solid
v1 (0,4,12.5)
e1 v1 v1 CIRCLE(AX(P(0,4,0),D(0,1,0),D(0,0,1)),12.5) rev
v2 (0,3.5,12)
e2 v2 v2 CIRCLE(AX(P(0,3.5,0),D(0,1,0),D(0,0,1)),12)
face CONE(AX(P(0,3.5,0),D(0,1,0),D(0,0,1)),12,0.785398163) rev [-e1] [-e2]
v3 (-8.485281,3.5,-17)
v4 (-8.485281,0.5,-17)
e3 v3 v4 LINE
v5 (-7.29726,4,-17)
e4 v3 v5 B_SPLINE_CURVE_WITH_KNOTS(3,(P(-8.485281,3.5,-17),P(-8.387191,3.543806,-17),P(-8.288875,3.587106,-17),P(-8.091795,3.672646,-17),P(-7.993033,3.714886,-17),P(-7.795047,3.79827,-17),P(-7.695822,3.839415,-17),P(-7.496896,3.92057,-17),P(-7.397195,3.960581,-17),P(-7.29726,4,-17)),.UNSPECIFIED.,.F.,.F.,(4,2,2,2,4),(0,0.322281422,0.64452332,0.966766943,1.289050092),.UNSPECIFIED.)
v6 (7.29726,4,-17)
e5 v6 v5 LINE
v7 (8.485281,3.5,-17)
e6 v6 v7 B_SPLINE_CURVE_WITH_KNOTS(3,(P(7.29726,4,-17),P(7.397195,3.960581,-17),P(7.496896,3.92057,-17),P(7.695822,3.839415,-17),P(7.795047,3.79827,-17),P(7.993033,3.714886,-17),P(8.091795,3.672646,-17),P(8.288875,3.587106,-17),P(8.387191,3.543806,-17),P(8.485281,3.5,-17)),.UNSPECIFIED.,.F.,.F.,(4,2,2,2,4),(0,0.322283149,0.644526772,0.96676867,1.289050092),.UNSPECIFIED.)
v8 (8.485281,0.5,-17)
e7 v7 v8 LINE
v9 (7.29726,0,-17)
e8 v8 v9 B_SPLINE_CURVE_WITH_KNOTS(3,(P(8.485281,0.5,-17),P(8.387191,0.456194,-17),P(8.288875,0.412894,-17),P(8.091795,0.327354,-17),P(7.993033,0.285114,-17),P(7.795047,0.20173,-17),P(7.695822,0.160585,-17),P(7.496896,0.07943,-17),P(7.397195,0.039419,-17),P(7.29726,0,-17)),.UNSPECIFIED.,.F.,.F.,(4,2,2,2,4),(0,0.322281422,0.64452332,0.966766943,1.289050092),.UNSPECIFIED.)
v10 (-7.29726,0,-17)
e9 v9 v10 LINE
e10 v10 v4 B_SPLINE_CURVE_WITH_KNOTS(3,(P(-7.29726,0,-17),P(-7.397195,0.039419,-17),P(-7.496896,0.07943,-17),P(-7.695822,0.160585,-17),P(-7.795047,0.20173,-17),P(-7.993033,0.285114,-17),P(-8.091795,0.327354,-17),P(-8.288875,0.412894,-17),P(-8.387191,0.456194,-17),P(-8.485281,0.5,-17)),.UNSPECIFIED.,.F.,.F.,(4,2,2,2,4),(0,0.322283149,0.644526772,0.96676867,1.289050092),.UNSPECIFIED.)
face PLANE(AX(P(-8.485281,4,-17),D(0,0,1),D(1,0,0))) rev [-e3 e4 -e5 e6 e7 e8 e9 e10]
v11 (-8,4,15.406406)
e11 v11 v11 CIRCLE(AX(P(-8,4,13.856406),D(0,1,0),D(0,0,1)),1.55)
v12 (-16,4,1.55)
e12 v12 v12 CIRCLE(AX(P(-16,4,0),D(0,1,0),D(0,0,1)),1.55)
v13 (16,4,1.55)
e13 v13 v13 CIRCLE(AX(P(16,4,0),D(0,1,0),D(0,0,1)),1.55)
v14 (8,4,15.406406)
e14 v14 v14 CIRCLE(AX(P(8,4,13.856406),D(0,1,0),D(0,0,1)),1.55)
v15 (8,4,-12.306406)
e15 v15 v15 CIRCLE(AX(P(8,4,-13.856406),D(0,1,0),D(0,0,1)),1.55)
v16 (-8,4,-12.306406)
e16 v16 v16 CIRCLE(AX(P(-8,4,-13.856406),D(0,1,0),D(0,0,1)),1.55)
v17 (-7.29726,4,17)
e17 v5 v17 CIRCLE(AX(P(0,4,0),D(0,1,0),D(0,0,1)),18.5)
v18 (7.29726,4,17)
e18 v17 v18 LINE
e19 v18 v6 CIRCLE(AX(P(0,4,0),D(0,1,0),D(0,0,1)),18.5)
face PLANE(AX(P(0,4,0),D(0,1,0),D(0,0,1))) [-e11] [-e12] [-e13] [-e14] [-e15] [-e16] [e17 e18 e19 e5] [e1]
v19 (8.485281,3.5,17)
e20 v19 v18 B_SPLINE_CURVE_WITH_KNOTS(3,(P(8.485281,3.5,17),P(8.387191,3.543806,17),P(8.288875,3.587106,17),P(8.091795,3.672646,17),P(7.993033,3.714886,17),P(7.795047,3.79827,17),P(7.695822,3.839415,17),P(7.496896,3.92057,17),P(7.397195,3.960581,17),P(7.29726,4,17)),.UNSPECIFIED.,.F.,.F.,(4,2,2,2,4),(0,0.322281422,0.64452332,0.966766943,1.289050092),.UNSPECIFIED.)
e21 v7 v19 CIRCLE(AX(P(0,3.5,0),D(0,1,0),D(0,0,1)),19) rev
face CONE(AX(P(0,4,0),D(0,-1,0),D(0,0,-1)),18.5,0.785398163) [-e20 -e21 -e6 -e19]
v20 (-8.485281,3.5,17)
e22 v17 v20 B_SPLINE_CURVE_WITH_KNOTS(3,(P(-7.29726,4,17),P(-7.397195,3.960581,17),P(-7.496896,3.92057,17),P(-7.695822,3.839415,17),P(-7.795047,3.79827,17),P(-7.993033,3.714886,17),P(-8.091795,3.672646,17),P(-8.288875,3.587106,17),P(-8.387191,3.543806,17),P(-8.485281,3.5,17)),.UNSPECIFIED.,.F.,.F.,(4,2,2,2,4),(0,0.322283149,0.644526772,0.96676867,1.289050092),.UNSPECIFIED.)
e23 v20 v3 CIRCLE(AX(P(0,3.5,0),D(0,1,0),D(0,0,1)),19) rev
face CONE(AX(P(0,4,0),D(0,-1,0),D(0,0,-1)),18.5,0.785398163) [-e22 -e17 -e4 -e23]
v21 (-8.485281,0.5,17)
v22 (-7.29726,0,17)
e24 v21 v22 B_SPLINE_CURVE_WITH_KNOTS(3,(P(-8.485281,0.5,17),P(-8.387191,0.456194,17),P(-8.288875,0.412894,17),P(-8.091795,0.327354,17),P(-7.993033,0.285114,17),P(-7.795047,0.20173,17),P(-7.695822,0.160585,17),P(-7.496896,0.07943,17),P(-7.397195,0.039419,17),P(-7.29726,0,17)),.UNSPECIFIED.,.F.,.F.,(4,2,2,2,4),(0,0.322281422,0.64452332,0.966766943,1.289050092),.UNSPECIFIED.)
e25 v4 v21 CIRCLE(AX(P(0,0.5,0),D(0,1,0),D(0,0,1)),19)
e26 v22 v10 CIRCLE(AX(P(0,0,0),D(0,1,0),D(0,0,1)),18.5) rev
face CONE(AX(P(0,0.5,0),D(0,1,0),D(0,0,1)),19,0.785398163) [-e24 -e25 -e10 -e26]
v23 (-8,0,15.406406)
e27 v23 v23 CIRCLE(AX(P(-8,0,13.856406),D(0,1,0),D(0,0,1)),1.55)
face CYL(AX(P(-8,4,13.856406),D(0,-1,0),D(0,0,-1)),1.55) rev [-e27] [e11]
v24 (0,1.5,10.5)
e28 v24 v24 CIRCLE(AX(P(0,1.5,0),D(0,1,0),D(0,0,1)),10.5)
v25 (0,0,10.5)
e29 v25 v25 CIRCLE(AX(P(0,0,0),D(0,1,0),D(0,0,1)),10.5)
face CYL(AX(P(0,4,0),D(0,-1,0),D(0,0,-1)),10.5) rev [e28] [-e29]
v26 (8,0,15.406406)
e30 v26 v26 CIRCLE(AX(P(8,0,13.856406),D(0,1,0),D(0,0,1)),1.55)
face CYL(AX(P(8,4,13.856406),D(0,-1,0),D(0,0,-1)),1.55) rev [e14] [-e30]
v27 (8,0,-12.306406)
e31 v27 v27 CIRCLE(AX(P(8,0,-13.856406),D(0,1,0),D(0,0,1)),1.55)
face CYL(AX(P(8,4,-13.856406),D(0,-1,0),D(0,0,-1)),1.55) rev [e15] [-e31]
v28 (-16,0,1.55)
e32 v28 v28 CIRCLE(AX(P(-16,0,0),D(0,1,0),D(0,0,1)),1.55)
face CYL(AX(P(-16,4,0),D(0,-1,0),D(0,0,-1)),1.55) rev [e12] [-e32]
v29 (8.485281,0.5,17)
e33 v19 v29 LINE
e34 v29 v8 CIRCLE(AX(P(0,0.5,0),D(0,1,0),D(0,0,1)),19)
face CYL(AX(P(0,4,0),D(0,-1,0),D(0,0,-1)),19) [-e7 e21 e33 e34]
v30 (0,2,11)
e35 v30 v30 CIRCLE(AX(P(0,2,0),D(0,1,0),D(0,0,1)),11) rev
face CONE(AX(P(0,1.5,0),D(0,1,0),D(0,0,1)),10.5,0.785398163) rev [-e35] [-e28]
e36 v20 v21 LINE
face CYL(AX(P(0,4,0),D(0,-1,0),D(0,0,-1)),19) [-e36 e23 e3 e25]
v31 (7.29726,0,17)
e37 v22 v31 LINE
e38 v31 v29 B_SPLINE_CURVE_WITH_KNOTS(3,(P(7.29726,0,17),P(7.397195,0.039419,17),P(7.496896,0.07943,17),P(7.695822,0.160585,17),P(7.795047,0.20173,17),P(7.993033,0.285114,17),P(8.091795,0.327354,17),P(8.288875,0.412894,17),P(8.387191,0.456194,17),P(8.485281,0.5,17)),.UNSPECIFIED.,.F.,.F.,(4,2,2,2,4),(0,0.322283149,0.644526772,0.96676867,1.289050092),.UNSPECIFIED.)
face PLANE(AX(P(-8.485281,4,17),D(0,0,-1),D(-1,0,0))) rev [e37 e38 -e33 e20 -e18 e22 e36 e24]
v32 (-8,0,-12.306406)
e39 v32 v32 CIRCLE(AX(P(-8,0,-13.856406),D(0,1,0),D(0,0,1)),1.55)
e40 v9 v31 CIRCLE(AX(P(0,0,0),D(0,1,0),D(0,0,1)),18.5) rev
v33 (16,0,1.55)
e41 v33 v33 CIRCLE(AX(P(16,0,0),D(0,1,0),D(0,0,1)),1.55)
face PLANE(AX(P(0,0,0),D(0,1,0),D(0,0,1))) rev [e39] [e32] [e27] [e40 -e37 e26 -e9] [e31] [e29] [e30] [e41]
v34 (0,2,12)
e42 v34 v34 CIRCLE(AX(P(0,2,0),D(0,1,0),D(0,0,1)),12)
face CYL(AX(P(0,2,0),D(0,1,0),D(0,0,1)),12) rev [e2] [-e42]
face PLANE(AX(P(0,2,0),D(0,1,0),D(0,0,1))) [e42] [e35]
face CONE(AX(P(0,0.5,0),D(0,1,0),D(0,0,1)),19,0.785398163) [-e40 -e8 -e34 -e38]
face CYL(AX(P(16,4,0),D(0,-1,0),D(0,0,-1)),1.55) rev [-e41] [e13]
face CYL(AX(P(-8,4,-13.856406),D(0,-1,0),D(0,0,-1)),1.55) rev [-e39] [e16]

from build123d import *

# Parameters (mm, degrees)
SKETCH1_R           = 10.5
SKETCH1_R_2         = 1.55
BOSS_EXTRUDE1_DEPTH = 4
SKETCH2_R           = 12
CUT_EXTRUDE1_DEPTH  = 2
CHAMFER1_SIZE       = 0.5


with BuildPart() as part:
    # Sketch1 → Boss-Extrude1 (new body)
    with BuildSketch(Plane(origin=(0, 0, 0), x_dir=(1, 0, 0), z_dir=(0, 1, 0))):
        with BuildLine():
            Line((-8.485281374, 17), (8.485281374, 17))
            ThreePointArc((8.485281374, 17), (19, 0), (8.485281374, -17))
            Line((8.485281374, -17), (-8.485281374, -17))
            ThreePointArc((-8.485281374, -17), (-19, 0), (-8.485281374, 17))
        make_face()
        with Locations(Location((0, 0, 0), (0, 0, 270))):
            Circle(SKETCH1_R, mode=Mode.SUBTRACT)
        with Locations(Location((-16, 0, 0), (0, 0, 270))):
            Circle(SKETCH1_R_2, mode=Mode.SUBTRACT)
        with Locations(Location((-8, 13.856406461, 0), (0, 0, 270))):
            Circle(SKETCH1_R_2, mode=Mode.SUBTRACT)
        with Locations(Location((8, 13.856406461, 0), (0, 0, 270))):
            Circle(SKETCH1_R_2, mode=Mode.SUBTRACT)
        with Locations(Location((16, 0, 0), (0, 0, 270))):
            Circle(SKETCH1_R_2, mode=Mode.SUBTRACT)
        with Locations(Location((8, -13.856406461, 0), (0, 0, 270))):
            Circle(SKETCH1_R_2, mode=Mode.SUBTRACT)
        with Locations(Location((-8, -13.856406461, 0), (0, 0, 270))):
            Circle(SKETCH1_R_2, mode=Mode.SUBTRACT)
    extrude(amount=BOSS_EXTRUDE1_DEPTH)

    # Sketch2 → Cut-Extrude1 (cut)
    with BuildSketch(Plane(origin=(0, 4, 0), x_dir=(1, 0, 0), z_dir=(0, 1, 0))):
        with Locations(Location((0, 0, 0), (0, 0, 270))):
            Circle(SKETCH2_R)
    extrude(amount=-CUT_EXTRUDE1_DEPTH, mode=Mode.SUBTRACT)

    # Chamfer1
    chamfer1_edges = [part.edges().sort_by_distance(p)[0] for p in [
        (-19, 4, 0),
        (0, 2, -10.5),
        (0, 4, -12),
        (19, 4, 0),
        (-19, 0, 0),
        (19, 0, 0),
    ]]
    chamfer(chamfer1_edges, length=CHAMFER1_SIZE)


solid = part.part
